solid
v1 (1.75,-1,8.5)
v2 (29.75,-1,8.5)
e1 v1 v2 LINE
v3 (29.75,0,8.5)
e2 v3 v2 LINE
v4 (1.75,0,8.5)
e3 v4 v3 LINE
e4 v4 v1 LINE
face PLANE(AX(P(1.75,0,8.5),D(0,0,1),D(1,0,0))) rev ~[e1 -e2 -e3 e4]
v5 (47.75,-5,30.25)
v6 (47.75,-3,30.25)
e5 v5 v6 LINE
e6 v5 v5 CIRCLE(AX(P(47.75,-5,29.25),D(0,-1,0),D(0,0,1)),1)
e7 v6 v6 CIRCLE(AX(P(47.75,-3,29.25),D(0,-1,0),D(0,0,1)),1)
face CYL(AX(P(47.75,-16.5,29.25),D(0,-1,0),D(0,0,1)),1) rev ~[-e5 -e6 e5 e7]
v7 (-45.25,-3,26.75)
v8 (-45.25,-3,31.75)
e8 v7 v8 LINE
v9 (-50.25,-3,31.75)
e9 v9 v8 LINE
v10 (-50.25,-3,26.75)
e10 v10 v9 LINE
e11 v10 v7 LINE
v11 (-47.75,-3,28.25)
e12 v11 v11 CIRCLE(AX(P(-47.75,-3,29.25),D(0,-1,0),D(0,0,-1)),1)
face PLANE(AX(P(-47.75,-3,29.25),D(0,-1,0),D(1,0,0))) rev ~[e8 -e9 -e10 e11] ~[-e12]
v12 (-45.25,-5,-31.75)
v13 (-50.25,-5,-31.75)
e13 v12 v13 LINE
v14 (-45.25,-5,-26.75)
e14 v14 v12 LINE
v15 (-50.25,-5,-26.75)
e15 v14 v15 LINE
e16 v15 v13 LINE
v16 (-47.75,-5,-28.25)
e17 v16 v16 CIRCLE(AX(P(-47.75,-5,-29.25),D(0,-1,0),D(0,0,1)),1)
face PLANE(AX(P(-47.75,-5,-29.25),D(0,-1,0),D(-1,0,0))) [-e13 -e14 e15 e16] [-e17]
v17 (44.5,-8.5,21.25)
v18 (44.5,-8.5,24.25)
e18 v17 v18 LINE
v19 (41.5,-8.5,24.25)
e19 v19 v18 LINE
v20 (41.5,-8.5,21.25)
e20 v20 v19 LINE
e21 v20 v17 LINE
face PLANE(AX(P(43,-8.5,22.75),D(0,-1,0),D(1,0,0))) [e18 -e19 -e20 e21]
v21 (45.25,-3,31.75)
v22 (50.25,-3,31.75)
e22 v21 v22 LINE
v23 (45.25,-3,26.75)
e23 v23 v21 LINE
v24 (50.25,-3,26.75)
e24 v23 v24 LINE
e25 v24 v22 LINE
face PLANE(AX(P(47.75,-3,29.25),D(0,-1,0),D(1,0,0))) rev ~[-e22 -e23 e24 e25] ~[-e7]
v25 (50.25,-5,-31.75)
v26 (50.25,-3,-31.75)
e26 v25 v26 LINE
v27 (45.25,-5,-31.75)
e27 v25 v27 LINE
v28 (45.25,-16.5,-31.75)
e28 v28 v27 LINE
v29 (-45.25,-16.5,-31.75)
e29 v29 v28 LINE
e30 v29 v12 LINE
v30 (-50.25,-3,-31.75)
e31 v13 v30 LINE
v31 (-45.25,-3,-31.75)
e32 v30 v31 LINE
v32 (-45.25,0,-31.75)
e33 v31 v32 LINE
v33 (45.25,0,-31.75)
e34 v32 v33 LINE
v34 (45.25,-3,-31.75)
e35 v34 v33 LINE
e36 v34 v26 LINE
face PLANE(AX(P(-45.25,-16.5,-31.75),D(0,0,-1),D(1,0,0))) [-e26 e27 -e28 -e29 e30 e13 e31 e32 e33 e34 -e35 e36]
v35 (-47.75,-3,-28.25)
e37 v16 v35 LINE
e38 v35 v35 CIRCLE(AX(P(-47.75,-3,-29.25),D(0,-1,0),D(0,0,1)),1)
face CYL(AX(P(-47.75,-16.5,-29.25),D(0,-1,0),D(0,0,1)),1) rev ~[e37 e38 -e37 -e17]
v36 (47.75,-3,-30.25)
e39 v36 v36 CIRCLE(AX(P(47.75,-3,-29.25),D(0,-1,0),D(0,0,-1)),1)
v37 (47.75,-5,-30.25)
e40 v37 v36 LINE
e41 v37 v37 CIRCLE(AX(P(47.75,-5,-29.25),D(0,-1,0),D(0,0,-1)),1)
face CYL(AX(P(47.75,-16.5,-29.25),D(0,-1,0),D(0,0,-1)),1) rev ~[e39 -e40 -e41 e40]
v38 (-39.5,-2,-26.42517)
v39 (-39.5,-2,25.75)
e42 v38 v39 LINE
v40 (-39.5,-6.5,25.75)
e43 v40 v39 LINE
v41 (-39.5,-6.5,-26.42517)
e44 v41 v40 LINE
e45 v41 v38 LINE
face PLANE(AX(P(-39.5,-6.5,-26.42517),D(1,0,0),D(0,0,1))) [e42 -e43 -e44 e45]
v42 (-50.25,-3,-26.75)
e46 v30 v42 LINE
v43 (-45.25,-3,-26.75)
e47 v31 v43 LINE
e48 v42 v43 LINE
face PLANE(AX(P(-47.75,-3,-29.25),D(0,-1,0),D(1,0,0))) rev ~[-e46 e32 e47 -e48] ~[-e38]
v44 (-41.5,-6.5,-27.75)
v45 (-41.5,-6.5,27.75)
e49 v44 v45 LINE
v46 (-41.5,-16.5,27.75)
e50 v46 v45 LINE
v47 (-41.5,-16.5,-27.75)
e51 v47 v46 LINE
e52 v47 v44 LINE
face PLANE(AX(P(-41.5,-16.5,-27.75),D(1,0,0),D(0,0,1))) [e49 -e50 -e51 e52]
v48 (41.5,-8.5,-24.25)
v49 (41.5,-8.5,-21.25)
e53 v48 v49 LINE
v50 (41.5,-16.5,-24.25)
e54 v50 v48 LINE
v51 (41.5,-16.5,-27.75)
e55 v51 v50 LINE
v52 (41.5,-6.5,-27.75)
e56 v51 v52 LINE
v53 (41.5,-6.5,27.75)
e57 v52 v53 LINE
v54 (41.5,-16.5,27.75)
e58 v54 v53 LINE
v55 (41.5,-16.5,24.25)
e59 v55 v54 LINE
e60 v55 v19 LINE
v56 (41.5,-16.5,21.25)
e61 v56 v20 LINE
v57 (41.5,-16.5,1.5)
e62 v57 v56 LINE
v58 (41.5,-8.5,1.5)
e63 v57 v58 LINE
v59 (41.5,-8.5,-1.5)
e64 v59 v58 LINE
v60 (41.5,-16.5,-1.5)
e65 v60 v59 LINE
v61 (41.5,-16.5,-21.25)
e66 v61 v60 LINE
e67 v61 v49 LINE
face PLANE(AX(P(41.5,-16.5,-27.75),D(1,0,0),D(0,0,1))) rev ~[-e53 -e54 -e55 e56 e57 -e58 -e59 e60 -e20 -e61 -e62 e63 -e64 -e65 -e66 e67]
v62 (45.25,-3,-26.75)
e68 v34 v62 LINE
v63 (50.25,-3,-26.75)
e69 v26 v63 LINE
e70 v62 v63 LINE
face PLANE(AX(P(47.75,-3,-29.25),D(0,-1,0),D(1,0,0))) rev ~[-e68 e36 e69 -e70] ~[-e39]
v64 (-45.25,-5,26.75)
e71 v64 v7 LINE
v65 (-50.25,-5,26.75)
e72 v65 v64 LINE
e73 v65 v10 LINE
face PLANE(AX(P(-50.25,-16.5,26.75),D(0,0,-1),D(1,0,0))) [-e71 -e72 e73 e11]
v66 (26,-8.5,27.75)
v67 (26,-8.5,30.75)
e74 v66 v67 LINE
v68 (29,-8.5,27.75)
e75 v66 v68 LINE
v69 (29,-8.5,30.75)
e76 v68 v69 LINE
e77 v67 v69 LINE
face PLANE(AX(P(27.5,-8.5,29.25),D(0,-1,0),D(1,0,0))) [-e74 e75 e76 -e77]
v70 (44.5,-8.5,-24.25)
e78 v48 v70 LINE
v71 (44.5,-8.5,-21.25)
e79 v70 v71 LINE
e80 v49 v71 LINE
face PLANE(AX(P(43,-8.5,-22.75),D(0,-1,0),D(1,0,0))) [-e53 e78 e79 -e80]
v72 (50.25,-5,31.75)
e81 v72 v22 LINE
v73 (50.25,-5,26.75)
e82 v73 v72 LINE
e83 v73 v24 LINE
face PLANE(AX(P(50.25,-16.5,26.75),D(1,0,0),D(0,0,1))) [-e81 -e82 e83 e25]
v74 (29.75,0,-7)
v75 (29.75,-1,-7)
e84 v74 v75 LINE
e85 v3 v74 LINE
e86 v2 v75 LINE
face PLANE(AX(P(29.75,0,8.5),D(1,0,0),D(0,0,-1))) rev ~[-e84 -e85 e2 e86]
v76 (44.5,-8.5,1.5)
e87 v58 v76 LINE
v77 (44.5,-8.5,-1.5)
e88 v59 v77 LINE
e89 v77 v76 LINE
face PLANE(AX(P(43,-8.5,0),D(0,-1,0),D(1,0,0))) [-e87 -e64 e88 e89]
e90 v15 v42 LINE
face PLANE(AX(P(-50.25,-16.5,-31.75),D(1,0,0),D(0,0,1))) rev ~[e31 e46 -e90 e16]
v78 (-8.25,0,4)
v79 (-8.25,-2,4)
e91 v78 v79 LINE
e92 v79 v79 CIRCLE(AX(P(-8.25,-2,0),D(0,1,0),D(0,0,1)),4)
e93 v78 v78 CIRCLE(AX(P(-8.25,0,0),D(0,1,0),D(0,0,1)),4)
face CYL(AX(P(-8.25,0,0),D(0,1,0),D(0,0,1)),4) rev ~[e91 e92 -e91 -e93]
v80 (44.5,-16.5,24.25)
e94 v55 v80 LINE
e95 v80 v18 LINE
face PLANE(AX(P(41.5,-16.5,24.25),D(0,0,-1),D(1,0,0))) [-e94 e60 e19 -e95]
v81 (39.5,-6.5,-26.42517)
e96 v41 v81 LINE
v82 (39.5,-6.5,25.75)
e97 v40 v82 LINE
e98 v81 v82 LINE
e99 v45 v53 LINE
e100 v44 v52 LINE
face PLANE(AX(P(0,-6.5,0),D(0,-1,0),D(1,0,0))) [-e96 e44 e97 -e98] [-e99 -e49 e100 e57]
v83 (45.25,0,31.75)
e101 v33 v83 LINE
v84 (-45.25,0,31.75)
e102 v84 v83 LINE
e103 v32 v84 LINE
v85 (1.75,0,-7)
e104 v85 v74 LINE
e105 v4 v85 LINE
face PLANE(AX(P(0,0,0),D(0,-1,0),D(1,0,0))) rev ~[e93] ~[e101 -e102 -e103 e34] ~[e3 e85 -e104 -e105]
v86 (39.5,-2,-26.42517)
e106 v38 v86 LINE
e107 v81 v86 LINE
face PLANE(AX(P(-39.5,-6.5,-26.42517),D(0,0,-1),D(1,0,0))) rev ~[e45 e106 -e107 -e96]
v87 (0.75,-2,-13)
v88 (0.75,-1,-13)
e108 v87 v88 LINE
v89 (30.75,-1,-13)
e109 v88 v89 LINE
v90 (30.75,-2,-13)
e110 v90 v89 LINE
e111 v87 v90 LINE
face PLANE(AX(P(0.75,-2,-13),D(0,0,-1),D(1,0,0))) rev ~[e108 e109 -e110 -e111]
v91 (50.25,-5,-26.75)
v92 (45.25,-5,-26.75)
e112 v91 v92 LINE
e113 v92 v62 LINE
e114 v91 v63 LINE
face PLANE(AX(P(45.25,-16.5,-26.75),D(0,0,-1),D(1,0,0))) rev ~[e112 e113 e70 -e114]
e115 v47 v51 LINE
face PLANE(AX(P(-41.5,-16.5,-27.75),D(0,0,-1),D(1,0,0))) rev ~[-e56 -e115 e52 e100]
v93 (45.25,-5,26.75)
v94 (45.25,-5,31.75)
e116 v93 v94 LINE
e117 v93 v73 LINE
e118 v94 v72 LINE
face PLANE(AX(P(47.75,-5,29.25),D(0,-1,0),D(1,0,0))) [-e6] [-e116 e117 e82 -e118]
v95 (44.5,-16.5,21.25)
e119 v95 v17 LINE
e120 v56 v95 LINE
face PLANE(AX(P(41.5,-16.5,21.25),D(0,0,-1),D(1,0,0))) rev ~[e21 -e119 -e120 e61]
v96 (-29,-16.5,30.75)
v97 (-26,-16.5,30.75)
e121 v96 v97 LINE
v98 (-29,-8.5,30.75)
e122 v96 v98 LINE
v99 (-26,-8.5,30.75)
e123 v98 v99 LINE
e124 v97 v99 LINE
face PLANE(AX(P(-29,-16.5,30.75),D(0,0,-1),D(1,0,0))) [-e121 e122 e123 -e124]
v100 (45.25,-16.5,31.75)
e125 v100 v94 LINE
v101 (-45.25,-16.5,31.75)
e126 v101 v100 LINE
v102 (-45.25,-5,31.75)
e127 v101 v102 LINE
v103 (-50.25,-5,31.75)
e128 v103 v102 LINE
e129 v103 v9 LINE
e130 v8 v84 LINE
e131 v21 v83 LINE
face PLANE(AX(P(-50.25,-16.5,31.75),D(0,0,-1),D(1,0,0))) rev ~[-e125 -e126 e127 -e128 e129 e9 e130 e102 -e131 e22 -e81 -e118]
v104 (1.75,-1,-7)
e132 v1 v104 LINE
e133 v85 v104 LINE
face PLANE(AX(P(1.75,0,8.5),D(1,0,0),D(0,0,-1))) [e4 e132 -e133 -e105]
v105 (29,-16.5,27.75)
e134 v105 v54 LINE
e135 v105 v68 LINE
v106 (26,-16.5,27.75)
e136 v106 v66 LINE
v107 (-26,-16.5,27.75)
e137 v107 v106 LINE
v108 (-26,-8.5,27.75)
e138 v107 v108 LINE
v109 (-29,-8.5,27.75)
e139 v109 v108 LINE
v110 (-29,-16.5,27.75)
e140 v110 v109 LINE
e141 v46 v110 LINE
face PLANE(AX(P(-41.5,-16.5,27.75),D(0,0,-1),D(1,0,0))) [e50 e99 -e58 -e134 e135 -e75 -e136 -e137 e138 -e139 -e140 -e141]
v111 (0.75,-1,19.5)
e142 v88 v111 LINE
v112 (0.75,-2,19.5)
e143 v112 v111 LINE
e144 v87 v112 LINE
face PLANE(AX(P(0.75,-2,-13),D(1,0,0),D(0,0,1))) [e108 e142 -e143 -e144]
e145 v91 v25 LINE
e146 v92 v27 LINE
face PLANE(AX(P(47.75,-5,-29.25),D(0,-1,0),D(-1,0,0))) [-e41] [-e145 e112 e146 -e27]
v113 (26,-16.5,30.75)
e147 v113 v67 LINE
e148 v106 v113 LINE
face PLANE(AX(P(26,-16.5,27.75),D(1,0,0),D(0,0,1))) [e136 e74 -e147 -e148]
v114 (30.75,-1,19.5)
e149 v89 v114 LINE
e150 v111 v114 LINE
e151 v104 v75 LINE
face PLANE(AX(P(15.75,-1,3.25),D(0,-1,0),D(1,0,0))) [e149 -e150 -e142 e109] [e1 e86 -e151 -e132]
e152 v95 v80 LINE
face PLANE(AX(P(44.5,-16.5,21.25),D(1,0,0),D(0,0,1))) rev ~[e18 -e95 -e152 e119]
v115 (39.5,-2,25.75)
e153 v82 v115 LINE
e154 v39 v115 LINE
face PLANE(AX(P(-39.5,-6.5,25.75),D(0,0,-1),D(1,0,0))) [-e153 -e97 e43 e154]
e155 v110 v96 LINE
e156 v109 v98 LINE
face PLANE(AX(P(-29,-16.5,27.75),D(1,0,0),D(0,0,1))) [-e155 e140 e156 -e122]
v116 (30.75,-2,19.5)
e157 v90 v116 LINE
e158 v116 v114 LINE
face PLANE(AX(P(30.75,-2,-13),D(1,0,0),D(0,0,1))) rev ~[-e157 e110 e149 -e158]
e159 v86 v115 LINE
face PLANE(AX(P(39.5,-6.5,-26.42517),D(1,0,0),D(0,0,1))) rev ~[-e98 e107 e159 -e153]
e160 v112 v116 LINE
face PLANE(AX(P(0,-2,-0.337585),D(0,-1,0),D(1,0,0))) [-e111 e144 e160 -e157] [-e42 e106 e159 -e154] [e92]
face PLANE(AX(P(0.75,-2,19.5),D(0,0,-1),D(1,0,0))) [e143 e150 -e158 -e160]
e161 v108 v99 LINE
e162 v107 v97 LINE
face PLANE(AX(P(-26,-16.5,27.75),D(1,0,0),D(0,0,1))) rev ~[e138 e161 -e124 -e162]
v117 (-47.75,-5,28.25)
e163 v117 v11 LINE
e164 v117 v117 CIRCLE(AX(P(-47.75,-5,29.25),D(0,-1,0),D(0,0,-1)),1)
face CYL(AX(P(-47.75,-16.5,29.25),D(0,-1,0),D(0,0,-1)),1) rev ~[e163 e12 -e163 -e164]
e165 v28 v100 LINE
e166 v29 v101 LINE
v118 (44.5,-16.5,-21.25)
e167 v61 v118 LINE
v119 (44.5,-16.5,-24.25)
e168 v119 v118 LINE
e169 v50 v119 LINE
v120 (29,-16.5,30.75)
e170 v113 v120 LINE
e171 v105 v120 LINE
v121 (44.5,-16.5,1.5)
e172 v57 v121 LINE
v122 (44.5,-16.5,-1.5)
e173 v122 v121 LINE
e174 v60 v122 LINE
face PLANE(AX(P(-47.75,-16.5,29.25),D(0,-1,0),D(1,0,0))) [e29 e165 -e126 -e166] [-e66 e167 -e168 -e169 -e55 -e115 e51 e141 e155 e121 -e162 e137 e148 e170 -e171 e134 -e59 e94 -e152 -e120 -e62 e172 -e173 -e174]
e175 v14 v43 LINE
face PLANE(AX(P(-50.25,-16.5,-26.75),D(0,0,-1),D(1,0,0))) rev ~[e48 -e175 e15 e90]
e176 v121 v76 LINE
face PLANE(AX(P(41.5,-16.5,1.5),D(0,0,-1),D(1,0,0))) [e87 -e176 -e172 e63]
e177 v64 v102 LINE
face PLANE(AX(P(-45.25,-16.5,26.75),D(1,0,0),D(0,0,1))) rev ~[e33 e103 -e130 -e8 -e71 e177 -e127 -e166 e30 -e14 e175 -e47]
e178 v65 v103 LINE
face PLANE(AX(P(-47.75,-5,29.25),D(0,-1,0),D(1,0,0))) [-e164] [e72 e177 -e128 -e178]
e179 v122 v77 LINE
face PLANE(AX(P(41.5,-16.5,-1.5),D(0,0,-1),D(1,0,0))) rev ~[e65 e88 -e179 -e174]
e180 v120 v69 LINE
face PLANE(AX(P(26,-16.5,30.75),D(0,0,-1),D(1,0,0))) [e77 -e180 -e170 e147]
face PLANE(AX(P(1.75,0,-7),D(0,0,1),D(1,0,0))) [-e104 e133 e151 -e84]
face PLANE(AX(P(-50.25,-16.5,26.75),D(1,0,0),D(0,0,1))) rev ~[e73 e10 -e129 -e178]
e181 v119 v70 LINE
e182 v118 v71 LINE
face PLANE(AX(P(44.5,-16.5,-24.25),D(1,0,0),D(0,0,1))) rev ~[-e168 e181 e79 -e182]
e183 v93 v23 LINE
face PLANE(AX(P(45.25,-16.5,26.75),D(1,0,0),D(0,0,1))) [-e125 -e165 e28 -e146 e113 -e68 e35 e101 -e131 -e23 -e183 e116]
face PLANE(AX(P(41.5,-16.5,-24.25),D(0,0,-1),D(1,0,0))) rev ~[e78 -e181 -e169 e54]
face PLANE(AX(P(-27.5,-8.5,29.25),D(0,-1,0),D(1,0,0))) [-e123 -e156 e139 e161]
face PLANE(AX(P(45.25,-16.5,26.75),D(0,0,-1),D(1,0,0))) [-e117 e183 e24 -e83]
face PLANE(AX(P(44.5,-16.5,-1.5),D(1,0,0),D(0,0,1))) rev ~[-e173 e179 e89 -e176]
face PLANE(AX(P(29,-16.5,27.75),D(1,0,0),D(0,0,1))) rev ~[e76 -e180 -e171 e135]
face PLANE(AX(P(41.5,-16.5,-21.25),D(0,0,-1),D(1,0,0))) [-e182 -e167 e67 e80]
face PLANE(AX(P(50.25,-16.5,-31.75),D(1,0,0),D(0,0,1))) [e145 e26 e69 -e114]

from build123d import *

# Parameters (mm, degrees)
SKETCH1_W           = 86.5
SKETCH1_H           = 59.5
BOSS_EXTRUDE3_DEPTH = 16.5
SKETCH5_W           = 83
SKETCH5_H           = 55.5
CUT_EXTRUDE2_DEPTH  = 10
SKETCH6_R           = 4
SKETCH6_W           = 28
SKETCH6_H           = 15.5
CUT_EXTRUDE5_DEPTH  = 6.5
SKETCH10_W          = 79
SKETCH10_H          = 52.175170105
CUT_EXTRUDE7_DEPTH  = 4.5
SKETCH12_W          = 30
SKETCH12_H          = 32.5
CUT_EXTRUDE9_DEPTH  = 1
SKETCH15_W          = 90.5
SKETCH15_H          = 63.5
SKETCH15_W_2        = 86.5
SKETCH15_H_2        = 59.5
BOSS_EXTRUDE4_DEPTH = 16.5
SKETCH16_W          = 3
SKETCH16_H          = 3
CUT_EXTRUDE11_DEPTH = 8
SKETCH21_W          = 5
SKETCH21_H          = 5
SKETCH21_R          = 1
BOSS_EXTRUDE6_DEPTH = 13.5
SKETCH23_W          = 5
SKETCH23_H          = 5
CUT_EXTRUDE12_DEPTH = 11.5
SKETCH24_W          = 5
SKETCH24_H          = 5
CUT_EXTRUDE13_DEPTH = 11.5
SKETCH25_W          = 5
SKETCH25_H          = 5
CUT_EXTRUDE14_DEPTH = 11.5
SKETCH26_W          = 5
SKETCH26_H          = 5
CUT_EXTRUDE15_DEPTH = 11.5


with BuildPart() as part:
    # Sketch1 → Boss-Extrude3 (new body)
    with BuildSketch(Plane(origin=(0, 0, 0), x_dir=(1, 0, 0), z_dir=(0, 1, 0))):
        Rectangle(SKETCH1_W, SKETCH1_H)
    extrude(amount=-BOSS_EXTRUDE3_DEPTH)

    # Sketch5 → Cut-Extrude2 (cut)
    with BuildSketch(Plane.XZ.offset(16.5)):
        Rectangle(SKETCH5_W, SKETCH5_H)
    extrude(amount=-CUT_EXTRUDE2_DEPTH, mode=Mode.SUBTRACT)

    # Sketch6 → Cut-Extrude5 (cut)
    with BuildSketch(Plane(origin=(0, 0, 0), x_dir=(1, 0, 0), z_dir=(0, 1, 0))):
        with Locations(Location((-8.25, 0, 0), (0, 0, 270))):
            Circle(SKETCH6_R)
        with Locations((15.75, -0.75)):
            Rectangle(SKETCH6_W, SKETCH6_H)
    extrude(amount=-CUT_EXTRUDE5_DEPTH, mode=Mode.SUBTRACT)

    # Sketch10 → Cut-Extrude7 (cut)
    with BuildSketch(Plane.XZ.offset(6.5)):
        with Locations((0, -0.337585053)):
            Rectangle(SKETCH10_W, SKETCH10_H)
    extrude(amount=-CUT_EXTRUDE7_DEPTH, mode=Mode.SUBTRACT)

    # Sketch12 → Cut-Extrude9 (cut)
    with BuildSketch(Plane.XZ.offset(2)):
        with Locations((15.75, 3.25)):
            Rectangle(SKETCH12_W, SKETCH12_H)
    extrude(amount=-CUT_EXTRUDE9_DEPTH, mode=Mode.SUBTRACT)

    # Sketch15 → Boss-Extrude4 (add)
    with BuildSketch(Plane.XZ.offset(16.5)):
        Rectangle(SKETCH15_W, SKETCH15_H)
        Rectangle(SKETCH15_W_2, SKETCH15_H_2, mode=Mode.SUBTRACT)
    extrude(amount=-BOSS_EXTRUDE4_DEPTH)

    # Sketch16 → Cut-Extrude11 (cut)
    with BuildSketch(Plane.XZ.offset(16.5)):
        with Locations((-27.5, 29.25)):
            Rectangle(SKETCH16_W, SKETCH16_H)
        with Locations((27.5, 29.25)):
            Rectangle(SKETCH16_W, SKETCH16_H)
        with Locations((43, 22.75)):
            Rectangle(SKETCH16_W, SKETCH16_H)
        with Locations((43, -22.75)):
            Rectangle(SKETCH16_W, SKETCH16_H)
        with Locations((43, 0)):
            Rectangle(SKETCH16_W, SKETCH16_H)
    extrude(amount=-CUT_EXTRUDE11_DEPTH, mode=Mode.SUBTRACT)

    # Sketch21 → Boss-Extrude6 (add)
    # profile 1 of 4: a face of its own
    with BuildSketch(Plane.XZ.offset(16.5)):
        with Locations((-47.75, 29.25)):
            Rectangle(SKETCH21_W, SKETCH21_H)
        with Locations(Location((-47.75, 29.25, 0), (0, 0, 270))):
            Circle(SKETCH21_R, mode=Mode.SUBTRACT)
    # profile 2 of 4: a face of its own
    with BuildSketch(Plane.XZ.offset(16.5)):
        with Locations((47.75, 29.25)):
            Rectangle(SKETCH21_W, SKETCH21_H)
        with Locations(Location((47.75, 29.25, 0), (0, 0, 90))):
            Circle(SKETCH21_R, mode=Mode.SUBTRACT)
    # profile 3 of 4: a face of its own
    with BuildSketch(Plane.XZ.offset(16.5)):
        with Locations((47.75, -29.25)):
            Rectangle(SKETCH21_W, SKETCH21_H)
        with Locations(Location((47.75, -29.25, 0), (0, 0, 270))):
            Circle(SKETCH21_R, mode=Mode.SUBTRACT)
    # profile 4 of 4: a face of its own
    with BuildSketch(Plane.XZ.offset(16.5)):
        with Locations((-47.75, -29.25)):
            Rectangle(SKETCH21_W, SKETCH21_H)
        with Locations(Location((-47.75, -29.25, 0), (0, 0, 90))):
            Circle(SKETCH21_R, mode=Mode.SUBTRACT)
    extrude(amount=-BOSS_EXTRUDE6_DEPTH)

    # Sketch23 → Cut-Extrude12 (cut)
    with BuildSketch(Plane(origin=(0, -16.5, 0), x_dir=(-1, 0, 0), z_dir=(0, -1, 0))):
        with Locations((-47.75, 29.25)):
            Rectangle(SKETCH23_W, SKETCH23_H)
    extrude(amount=-CUT_EXTRUDE12_DEPTH, mode=Mode.SUBTRACT)

    # Sketch24 → Cut-Extrude13 (cut)
    with BuildSketch(Plane.XZ.offset(16.5)):
        with Locations((47.75, 29.25)):
            Rectangle(SKETCH24_W, SKETCH24_H)
    extrude(amount=-CUT_EXTRUDE13_DEPTH, mode=Mode.SUBTRACT)

    # Sketch25 → Cut-Extrude14 (cut)
    with BuildSketch(Plane.XZ.offset(16.5)):
        with Locations((-47.75, 29.25)):
            Rectangle(SKETCH25_W, SKETCH25_H)
    extrude(amount=-CUT_EXTRUDE14_DEPTH, mode=Mode.SUBTRACT)

    # Sketch26 → Cut-Extrude15 (cut)
    with BuildSketch(Plane(origin=(0, -16.5, 0), x_dir=(-1, 0, 0), z_dir=(0, -1, 0))):
        with Locations((47.75, 29.25)):
            Rectangle(SKETCH26_W, SKETCH26_H)
    extrude(amount=-CUT_EXTRUDE15_DEPTH, mode=Mode.SUBTRACT)


solid = part.part
